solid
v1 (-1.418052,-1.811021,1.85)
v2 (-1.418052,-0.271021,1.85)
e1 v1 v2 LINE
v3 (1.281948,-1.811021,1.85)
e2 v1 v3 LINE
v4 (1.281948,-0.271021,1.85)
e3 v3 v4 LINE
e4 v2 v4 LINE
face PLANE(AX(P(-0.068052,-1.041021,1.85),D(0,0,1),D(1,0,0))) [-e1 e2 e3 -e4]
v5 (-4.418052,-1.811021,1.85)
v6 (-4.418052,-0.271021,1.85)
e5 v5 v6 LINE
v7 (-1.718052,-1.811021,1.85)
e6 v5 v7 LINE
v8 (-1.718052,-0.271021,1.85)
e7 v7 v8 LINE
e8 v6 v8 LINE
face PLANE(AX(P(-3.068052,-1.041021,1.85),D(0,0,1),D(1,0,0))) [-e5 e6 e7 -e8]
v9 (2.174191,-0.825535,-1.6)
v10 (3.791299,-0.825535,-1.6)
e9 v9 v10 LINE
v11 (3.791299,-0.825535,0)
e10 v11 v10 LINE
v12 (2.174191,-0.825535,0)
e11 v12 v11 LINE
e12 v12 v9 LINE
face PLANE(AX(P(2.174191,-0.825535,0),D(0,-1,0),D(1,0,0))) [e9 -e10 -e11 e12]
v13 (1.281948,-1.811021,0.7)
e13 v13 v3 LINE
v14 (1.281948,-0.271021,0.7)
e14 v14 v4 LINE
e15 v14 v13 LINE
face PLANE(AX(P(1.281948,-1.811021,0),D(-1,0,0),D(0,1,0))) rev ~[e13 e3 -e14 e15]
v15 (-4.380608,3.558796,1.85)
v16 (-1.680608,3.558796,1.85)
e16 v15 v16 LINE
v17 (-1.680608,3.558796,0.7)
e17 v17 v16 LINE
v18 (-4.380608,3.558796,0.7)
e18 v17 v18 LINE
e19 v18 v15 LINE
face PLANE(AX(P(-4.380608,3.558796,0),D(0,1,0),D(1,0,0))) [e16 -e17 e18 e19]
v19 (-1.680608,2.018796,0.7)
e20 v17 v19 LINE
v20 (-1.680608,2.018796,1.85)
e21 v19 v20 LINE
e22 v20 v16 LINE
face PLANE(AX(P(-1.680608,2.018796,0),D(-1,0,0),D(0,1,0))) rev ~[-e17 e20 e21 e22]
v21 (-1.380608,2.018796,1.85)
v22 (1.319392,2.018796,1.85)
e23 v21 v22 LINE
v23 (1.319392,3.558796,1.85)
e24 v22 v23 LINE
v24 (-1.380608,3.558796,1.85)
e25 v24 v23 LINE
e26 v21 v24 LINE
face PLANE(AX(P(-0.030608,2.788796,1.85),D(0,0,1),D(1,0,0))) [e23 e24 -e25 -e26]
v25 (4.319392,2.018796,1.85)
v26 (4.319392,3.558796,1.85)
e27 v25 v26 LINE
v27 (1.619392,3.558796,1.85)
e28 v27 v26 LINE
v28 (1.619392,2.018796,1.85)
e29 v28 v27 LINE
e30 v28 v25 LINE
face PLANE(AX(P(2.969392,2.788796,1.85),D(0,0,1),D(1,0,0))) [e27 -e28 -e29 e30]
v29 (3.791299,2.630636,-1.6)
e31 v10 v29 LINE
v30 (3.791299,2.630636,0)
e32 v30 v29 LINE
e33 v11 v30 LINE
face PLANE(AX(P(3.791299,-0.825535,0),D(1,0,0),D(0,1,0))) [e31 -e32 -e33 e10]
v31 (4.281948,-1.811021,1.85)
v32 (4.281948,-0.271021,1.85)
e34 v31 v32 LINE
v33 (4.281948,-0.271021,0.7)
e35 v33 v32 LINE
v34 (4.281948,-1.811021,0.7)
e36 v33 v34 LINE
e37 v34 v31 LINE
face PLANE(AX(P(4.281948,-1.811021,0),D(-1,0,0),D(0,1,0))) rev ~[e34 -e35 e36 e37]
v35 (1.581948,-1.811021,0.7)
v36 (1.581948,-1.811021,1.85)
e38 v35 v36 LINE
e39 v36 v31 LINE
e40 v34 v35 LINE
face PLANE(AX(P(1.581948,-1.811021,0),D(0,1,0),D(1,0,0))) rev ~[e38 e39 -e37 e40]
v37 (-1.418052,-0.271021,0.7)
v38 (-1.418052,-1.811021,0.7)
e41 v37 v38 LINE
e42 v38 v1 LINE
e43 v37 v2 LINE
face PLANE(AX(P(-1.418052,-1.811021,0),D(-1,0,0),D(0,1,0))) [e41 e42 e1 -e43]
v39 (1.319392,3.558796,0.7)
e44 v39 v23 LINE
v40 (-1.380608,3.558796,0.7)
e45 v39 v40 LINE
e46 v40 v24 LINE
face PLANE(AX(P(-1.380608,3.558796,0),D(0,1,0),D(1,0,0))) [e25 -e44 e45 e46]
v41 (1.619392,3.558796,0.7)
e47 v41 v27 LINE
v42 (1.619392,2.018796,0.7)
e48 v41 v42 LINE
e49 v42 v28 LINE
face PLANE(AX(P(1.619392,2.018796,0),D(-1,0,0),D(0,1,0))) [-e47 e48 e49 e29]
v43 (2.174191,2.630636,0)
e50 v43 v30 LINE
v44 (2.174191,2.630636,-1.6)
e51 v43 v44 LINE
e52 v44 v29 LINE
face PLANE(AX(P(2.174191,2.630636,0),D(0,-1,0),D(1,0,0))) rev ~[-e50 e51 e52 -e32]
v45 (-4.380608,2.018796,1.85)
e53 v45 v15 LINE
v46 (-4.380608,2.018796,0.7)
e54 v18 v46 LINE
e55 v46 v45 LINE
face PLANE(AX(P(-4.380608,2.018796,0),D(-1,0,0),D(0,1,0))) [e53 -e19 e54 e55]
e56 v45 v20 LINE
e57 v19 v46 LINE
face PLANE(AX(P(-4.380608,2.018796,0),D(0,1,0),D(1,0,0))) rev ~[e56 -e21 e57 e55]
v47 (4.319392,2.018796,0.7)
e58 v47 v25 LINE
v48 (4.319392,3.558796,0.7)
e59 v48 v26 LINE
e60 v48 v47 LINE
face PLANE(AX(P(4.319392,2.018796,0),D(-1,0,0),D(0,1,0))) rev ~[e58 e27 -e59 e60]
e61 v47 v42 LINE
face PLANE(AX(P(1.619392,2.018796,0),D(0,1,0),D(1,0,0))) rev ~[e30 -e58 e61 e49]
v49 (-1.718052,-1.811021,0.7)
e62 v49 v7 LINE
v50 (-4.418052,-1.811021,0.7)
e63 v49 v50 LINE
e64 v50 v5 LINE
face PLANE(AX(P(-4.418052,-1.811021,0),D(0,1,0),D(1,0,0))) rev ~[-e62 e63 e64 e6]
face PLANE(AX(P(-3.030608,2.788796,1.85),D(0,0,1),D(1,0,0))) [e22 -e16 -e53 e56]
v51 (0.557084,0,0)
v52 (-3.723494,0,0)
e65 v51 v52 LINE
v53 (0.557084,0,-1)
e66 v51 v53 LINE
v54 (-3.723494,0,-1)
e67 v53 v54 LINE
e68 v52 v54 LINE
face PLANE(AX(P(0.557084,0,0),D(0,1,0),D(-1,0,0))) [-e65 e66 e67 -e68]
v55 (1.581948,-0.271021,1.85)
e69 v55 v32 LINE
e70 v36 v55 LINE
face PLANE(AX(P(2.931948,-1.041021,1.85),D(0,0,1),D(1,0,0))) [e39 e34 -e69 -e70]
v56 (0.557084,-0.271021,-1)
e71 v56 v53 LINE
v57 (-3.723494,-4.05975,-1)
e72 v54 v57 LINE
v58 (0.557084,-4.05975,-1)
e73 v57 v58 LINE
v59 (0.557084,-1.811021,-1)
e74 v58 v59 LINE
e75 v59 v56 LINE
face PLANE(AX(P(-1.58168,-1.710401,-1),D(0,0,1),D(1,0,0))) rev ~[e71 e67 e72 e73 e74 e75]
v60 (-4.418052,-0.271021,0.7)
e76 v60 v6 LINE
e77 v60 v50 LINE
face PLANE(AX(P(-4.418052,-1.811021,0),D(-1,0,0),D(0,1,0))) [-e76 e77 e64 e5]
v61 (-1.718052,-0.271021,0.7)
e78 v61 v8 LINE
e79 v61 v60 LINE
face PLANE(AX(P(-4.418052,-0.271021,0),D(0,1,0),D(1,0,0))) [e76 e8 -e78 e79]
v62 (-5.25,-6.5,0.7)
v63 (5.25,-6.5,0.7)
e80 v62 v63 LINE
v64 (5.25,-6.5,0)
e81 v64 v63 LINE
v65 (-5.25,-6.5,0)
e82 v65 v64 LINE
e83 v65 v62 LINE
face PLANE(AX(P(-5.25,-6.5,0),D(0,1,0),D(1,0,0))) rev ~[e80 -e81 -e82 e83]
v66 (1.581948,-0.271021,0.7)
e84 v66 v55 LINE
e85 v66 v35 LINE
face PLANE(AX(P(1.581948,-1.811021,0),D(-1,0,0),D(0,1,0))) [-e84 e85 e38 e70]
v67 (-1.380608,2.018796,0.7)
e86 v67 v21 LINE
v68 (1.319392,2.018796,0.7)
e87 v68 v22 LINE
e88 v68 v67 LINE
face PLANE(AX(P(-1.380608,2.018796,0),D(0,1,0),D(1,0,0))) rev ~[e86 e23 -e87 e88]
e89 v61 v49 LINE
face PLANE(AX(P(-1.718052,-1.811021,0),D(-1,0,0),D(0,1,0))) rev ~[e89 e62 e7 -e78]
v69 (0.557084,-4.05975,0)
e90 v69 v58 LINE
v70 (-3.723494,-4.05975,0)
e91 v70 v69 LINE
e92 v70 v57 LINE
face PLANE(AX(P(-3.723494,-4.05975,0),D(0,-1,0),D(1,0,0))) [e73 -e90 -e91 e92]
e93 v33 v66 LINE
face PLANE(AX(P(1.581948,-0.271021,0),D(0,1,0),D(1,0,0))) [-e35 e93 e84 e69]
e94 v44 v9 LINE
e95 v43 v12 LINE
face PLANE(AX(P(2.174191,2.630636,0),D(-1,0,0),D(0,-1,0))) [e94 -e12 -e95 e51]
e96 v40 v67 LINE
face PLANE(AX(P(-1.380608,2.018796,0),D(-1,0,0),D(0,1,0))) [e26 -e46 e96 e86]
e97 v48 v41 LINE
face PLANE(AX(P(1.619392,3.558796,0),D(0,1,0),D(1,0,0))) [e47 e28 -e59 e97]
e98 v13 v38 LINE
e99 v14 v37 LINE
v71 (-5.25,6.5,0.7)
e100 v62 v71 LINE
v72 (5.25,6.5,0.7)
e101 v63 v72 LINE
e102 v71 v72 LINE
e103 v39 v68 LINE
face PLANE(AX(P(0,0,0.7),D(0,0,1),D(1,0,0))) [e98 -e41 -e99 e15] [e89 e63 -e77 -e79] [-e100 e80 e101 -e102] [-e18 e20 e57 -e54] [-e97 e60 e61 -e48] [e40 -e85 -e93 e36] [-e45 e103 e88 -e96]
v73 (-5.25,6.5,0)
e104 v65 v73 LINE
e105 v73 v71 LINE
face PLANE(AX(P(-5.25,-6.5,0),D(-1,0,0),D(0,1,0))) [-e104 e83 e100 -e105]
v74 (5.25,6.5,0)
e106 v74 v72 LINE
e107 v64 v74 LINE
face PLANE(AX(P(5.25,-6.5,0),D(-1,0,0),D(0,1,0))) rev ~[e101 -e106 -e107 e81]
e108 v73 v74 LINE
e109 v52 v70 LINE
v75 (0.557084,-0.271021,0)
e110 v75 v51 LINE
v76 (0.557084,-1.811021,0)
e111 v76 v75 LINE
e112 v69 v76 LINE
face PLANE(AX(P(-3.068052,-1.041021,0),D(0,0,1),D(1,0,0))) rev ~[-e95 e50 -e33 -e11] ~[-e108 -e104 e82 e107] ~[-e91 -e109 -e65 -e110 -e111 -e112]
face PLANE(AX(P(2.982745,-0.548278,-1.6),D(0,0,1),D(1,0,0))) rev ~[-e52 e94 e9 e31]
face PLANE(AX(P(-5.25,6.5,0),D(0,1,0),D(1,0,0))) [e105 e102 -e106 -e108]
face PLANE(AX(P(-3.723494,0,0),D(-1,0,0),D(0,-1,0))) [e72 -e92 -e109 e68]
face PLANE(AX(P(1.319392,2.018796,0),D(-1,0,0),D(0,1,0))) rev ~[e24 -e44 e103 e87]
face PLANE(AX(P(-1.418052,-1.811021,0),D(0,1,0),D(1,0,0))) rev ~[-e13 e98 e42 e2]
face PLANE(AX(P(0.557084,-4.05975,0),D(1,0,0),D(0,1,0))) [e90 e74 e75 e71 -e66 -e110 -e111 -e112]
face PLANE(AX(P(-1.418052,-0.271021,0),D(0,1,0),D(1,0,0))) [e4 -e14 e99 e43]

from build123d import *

# Parameters (mm, degrees)
F0_W     = 10.5
F0_H     = 13
F0_W_2   = 2.7
F0_H_2   = 1.54
F1_DEPTH = 0.7
F2_DEPTH = 1.85
F3_W     = 1.9751354622
F3_H     = 1.54
F3_W_2   = 2.0054427082
F4_DEPTH = 1
F3_W_3   = 1.6171073075
F3_H_2   = 0.5545145935
F3_H_3   = 2.2898169597
F3_H_4   = 0.6118393503
F5_DEPTH = 1.6


with BuildPart() as f1:
    # F0 (on Top) → F1 (new body)
    with BuildSketch(Plane.XY):
        Rectangle(F0_W, F0_H)
        with Locations((-3.0680515347, -1.0410206797)):
            Rectangle(F0_W_2, F0_H_2, mode=Mode.SUBTRACT)
        with Locations((-0.0680515347, -1.0410206797)):
            Rectangle(F0_W_2, F0_H_2, mode=Mode.SUBTRACT)
        with Locations((2.9319484653, -1.0410206797)):
            Rectangle(F0_W_2, F0_H_2, mode=Mode.SUBTRACT)
        with Locations((-3.0306075118, 2.78879628)):
            Rectangle(F0_W_2, F0_H_2, mode=Mode.SUBTRACT)
        with Locations((-0.0306075118, 2.78879628)):
            Rectangle(F0_W_2, F0_H_2, mode=Mode.SUBTRACT)
        with Locations((2.9693924882, 2.78879628)):
            Rectangle(F0_W_2, F0_H_2, mode=Mode.SUBTRACT)
        with Locations((-3.0680515347, -1.0410206797)):
            Rectangle(F0_W_2, F0_H_2)
        with Locations((-3.0306075118, 2.78879628)):
            Rectangle(F0_W_2, F0_H_2)
        with Locations((-0.0306075118, 2.78879628)):
            Rectangle(F0_W_2, F0_H_2)
        with Locations((-0.0680515347, -1.0410206797)):
            Rectangle(F0_W_2, F0_H_2)
        with Locations((2.9319484653, -1.0410206797)):
            Rectangle(F0_W_2, F0_H_2)
        with Locations((2.9693924882, 2.78879628)):
            Rectangle(F0_W_2, F0_H_2)
    extrude(amount=F1_DEPTH)

    # F0 (on Top) → F2 (join)
    with BuildSketch(Plane.XY):
        with Locations((-3.0680515347, -1.0410206797)):
            Rectangle(F0_W_2, F0_H_2)
        with Locations((-0.0680515347, -1.0410206797)):
            Rectangle(F0_W_2, F0_H_2)
        with Locations((2.9319484653, -1.0410206797)):
            Rectangle(F0_W_2, F0_H_2)
        with Locations((2.9693924882, 2.78879628)):
            Rectangle(F0_W_2, F0_H_2)
        with Locations((-0.0306075118, 2.78879628)):
            Rectangle(F0_W_2, F0_H_2)
        with Locations((-3.0306075118, 2.78879628)):
            Rectangle(F0_W_2, F0_H_2)
    extrude(amount=F2_DEPTH)

    # F3 (on face) → F4 (join)
    with BuildSketch(Plane.XY):
        Polygon((-3.7234942429, -1.8110206797), (-3.7234942429, -4.0597501211), (0.5570839276, -4.0597501211), (0.5570839276, -1.8110206797), (-1.4180515347, -1.8110206797), (-1.4180515347, -0.2710206797), (0.5570839276, -0.2710206797), (0.5570839276, 0), (-3.7234942429, 0), (-3.7234942429, -0.2710206797), (-1.7180515347, -0.2710206797), (-1.7180515347, -1.8110206797), align=None)
        with Locations((-0.4304838036, -1.0410206797)):
            Rectangle(F3_W, F3_H)
        with Locations((-2.7207728888, -1.0410206797)):
            Rectangle(F3_W_2, F3_H)
    extrude(amount=-F4_DEPTH)

    # F3 (on face) → F5 (join)
    with BuildSketch(Plane.XY):
        with Locations((2.9827450635, -0.5482779764)):
            Rectangle(F3_W_3, F3_H_2)
        with Locations((2.9827450635, 0.8738878002)):
            Rectangle(F3_W_3, F3_H_3)
        with Locations((2.9827450635, 2.3247159552)):
            Rectangle(F3_W_3, F3_H_4)
    extrude(amount=-F5_DEPTH)


solid = f1.part
